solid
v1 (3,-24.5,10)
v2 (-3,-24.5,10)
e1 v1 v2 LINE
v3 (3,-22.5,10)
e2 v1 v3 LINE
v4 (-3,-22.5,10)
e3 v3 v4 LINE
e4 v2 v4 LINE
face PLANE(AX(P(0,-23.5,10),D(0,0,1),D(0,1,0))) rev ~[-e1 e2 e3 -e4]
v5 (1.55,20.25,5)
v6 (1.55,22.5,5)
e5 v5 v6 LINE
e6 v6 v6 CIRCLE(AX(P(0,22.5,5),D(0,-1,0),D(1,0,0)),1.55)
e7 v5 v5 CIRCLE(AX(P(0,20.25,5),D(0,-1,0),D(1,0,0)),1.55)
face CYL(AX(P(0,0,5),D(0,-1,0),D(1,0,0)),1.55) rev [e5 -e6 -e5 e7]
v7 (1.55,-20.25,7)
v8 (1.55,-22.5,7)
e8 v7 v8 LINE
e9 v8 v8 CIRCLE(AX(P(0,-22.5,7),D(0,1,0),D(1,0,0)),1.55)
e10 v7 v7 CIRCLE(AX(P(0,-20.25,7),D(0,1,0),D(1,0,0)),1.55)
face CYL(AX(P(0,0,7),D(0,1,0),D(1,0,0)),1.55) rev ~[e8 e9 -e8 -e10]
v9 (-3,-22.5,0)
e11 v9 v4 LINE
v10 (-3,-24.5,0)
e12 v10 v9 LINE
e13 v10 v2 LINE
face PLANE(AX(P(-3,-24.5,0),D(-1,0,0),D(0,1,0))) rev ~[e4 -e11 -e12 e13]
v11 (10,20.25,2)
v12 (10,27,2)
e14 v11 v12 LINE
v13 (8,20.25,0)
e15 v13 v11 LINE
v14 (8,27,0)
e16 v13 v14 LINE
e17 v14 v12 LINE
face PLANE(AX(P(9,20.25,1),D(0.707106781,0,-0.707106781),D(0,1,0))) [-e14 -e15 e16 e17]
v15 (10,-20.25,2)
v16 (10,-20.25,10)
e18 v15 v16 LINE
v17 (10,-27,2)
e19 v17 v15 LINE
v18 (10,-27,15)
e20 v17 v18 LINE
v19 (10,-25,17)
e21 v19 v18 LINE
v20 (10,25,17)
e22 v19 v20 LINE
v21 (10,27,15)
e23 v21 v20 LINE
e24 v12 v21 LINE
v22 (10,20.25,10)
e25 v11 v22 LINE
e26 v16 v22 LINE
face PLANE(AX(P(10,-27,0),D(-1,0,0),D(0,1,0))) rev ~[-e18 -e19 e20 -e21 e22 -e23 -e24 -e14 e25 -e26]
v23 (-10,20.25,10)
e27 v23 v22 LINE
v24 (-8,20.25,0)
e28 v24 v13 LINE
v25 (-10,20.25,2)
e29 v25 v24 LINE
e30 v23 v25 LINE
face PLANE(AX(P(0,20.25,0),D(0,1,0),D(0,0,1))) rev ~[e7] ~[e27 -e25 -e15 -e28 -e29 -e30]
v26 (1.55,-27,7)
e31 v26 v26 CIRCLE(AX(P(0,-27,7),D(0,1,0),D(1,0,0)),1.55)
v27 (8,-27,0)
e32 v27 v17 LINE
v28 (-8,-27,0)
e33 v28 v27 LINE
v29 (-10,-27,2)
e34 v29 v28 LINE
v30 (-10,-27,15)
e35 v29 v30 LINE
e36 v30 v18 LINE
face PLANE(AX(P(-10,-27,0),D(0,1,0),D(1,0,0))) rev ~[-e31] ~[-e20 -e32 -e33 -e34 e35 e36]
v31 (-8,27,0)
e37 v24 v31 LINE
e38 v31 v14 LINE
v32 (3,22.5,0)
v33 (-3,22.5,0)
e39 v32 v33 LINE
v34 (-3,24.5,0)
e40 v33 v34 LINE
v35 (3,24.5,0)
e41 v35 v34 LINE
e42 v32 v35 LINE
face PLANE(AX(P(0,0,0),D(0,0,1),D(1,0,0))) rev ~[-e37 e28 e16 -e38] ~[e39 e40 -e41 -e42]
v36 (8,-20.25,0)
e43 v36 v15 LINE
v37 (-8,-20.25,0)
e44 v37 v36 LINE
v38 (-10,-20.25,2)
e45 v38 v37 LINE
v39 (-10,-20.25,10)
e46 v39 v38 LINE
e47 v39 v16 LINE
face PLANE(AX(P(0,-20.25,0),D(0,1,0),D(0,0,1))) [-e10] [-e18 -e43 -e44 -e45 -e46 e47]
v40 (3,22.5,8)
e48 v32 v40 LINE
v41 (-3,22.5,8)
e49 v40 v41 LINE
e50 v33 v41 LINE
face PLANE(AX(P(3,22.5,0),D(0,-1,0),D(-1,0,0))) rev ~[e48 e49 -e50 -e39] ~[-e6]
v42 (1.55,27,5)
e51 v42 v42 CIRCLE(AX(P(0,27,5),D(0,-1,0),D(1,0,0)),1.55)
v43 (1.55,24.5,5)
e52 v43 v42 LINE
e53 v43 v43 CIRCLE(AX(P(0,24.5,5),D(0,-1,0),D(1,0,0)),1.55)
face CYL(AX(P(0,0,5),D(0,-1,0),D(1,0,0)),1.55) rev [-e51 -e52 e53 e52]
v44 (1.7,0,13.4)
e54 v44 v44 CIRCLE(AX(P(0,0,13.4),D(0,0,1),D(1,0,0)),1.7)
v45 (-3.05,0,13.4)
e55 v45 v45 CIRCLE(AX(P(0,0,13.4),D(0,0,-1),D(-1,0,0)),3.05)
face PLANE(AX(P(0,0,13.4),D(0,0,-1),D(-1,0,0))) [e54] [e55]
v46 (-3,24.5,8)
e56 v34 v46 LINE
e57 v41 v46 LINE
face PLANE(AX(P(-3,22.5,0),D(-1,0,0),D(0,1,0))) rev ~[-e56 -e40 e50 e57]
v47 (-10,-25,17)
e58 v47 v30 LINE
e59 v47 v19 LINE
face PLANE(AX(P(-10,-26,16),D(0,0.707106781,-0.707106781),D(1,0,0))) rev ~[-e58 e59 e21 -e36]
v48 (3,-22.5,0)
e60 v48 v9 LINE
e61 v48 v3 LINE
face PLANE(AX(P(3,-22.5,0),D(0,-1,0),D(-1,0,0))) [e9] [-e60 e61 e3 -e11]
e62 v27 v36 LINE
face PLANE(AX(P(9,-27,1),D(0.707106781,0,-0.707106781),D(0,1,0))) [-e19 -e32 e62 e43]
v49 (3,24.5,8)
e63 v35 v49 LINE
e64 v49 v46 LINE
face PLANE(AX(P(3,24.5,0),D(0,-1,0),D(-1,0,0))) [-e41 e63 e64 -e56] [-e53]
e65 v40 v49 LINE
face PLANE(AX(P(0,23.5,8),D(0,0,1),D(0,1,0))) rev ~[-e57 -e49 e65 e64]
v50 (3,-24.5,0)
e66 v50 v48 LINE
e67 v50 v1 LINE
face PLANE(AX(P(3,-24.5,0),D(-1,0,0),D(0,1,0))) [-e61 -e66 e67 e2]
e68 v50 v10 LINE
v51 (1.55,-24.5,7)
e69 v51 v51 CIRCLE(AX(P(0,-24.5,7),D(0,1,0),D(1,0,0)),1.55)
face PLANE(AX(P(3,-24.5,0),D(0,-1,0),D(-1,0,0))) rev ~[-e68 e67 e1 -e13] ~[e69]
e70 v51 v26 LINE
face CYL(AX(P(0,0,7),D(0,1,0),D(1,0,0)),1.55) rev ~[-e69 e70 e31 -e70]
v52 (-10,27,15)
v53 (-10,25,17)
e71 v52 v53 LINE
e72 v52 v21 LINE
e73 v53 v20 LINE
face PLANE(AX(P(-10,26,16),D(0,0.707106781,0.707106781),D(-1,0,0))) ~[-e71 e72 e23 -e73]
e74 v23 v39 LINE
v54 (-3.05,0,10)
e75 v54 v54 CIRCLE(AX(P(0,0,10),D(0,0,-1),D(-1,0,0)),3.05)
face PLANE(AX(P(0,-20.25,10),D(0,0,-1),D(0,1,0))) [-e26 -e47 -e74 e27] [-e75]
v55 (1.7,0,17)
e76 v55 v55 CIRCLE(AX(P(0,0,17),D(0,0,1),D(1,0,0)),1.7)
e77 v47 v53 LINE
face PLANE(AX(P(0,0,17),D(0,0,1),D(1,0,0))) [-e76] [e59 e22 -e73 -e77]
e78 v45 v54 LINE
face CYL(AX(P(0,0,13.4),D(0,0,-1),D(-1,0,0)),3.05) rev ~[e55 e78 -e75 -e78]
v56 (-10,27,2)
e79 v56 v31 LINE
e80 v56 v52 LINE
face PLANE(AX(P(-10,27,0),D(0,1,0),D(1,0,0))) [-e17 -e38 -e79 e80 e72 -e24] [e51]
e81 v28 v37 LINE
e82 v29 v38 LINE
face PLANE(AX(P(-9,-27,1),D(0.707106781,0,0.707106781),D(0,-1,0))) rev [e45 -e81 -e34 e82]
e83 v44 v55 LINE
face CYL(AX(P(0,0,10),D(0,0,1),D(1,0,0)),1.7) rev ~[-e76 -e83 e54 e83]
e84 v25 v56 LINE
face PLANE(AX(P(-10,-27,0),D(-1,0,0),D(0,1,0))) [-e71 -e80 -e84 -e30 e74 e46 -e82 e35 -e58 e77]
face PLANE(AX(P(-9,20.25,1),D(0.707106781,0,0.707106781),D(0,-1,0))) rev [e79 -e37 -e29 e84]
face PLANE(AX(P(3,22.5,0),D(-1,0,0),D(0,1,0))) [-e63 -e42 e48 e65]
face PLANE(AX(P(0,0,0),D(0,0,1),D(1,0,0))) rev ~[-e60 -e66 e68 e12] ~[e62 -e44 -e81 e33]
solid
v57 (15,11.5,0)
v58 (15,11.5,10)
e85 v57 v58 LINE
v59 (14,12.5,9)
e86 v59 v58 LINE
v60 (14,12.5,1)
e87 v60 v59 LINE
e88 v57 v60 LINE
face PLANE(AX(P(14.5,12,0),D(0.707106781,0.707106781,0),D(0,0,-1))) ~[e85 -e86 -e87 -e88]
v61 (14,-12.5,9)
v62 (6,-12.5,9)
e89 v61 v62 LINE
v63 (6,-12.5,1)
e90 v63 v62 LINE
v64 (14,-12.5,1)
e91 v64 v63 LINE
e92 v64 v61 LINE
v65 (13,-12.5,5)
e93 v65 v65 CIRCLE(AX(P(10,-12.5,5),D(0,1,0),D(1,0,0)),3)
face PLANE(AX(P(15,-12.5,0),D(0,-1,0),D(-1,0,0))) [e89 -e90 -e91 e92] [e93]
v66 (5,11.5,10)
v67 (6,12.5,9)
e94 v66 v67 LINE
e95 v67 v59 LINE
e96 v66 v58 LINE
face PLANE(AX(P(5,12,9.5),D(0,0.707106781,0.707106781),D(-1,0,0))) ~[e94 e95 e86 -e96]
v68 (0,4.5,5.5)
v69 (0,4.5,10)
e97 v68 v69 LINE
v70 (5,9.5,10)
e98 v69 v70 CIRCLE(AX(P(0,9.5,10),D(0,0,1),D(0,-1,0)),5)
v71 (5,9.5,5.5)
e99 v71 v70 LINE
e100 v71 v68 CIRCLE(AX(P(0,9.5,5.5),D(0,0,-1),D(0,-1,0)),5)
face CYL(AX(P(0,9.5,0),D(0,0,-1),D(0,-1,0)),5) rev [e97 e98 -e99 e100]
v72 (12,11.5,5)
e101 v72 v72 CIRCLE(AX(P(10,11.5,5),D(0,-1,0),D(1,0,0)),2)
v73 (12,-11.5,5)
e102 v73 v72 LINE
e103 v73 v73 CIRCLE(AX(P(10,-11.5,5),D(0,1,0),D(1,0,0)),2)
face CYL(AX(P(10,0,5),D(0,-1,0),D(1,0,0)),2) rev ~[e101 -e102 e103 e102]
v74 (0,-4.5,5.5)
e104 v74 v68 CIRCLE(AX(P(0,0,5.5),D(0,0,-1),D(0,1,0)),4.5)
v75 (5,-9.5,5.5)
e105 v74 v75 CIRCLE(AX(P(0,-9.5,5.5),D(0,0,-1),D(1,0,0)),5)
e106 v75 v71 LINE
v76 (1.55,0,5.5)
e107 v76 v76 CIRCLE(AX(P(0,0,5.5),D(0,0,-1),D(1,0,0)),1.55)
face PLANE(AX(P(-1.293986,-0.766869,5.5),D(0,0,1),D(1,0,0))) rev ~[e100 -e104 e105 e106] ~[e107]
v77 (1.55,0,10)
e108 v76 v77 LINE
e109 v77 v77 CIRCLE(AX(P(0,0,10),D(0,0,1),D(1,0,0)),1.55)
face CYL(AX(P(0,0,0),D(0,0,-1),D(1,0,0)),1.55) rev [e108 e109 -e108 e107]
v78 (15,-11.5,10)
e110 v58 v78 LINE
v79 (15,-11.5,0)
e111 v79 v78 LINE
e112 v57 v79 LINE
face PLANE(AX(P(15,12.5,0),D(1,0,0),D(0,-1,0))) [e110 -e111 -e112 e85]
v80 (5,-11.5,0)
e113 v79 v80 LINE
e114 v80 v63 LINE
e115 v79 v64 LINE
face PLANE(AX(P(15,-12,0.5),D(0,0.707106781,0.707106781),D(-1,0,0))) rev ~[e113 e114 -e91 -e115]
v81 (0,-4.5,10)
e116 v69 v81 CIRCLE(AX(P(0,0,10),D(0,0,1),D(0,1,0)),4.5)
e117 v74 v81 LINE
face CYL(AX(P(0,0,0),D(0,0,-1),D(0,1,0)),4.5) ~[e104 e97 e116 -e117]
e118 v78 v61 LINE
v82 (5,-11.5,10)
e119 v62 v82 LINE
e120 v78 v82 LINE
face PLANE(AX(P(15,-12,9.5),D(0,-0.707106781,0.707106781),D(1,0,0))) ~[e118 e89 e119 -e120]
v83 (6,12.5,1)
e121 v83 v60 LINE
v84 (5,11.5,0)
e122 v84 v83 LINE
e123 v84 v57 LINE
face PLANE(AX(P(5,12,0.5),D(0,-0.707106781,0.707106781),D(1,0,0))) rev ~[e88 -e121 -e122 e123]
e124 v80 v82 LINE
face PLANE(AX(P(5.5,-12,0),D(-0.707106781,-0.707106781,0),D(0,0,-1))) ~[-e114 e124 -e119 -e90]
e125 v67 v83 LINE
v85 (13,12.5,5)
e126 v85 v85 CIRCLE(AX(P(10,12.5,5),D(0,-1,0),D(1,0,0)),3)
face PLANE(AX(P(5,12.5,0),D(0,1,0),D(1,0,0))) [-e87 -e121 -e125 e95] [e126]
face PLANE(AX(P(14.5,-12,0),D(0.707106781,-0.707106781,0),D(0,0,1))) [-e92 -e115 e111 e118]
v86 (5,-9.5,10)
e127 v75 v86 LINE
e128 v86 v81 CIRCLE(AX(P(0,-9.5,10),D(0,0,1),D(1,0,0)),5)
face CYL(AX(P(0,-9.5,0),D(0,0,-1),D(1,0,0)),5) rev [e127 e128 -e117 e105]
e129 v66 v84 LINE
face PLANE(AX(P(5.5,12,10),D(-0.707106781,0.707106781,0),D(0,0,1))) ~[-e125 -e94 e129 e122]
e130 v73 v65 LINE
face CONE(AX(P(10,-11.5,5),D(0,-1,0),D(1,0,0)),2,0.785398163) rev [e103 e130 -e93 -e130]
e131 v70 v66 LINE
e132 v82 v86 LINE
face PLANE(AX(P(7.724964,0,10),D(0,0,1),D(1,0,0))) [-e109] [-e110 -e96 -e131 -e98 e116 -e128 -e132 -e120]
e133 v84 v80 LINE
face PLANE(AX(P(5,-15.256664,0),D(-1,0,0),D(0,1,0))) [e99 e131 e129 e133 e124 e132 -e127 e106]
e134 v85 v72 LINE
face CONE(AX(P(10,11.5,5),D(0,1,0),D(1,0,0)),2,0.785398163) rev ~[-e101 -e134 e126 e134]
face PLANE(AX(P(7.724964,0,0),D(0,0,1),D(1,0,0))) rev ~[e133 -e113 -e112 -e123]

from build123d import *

# Parameters (mm, degrees)
SKETCH_W             = 20
SKETCH_H             = 54
PAD_DEPTH            = 17
SKETCH001_W          = 40.5
SKETCH001_H          = 10
POCKET_DEPTH         = 10.001
POCKET_DEPTH_BACK    = 10.001
HOLE_D               = 3.4
HOLE_CBORE_D         = 6.1
HOLE_CBORE_DEPTH     = 3.4
BINDER_W             = 2
BINDER_H             = 6
POCKET005_DEPTH      = 10
BINDER001_W          = 2
BINDER001_H          = 6
POCKET006_DEPTH      = 8
BINDER002_R          = 1.55
POCKET007_DEPTH      = 27.001
BINDER003_R          = 1.55
POCKET008_DEPTH      = 27.001
CHAMFER001_SIZE      = 2
SKETCH005_R          = 1.55
PAD001_DEPTH         = 10
SKETCH006_W          = 12.587973
SKETCH006_H          = 28.979589
POCKET003_DEPTH      = 5.5
SKETCH007_R          = 2
POCKET004_DEPTH      = 12.501
POCKET004_DEPTH_BACK = 12.501
CHAMFER_SIZE         = 1


with BuildPart() as mount:
    # Sketch → Pad (new body)
    with BuildSketch(Plane.XY):
        Rectangle(SKETCH_W, SKETCH_H)
    extrude(amount=PAD_DEPTH)

    # Sketch001 → Pocket (cut, two sides)
    with BuildSketch(Plane.YZ) as pocket_sk:
        with Locations((0, 5)):
            Rectangle(SKETCH001_W, SKETCH001_H)
    extrude(amount=-POCKET_DEPTH, mode=Mode.SUBTRACT)
    extrude(pocket_sk.sketch, amount=POCKET_DEPTH_BACK, mode=Mode.SUBTRACT)

    # Hole (through all)
    with Locations(Plane(origin=(0, 0, 10), x_dir=(-1, 0, 0), z_dir=(0, 0, -1))):
        with Locations((0, 0)):
            CounterBoreHole(HOLE_D / 2, HOLE_CBORE_D / 2, HOLE_CBORE_DEPTH)

    # Binder → Pocket005 (cut)
    with BuildSketch(Plane(origin=(0, -23.5, 0), x_dir=(0, 1, 0), z_dir=(0, 0, 1))):
        Rectangle(BINDER_W, BINDER_H)
    extrude(amount=POCKET005_DEPTH, mode=Mode.SUBTRACT)

    # Binder001 → Pocket006 (cut)
    with BuildSketch(Plane(origin=(0, 23.5, 0), x_dir=(0, 1, 0), z_dir=(0, 0, 1))):
        Rectangle(BINDER001_W, BINDER001_H)
    extrude(amount=POCKET006_DEPTH, mode=Mode.SUBTRACT)

    # Binder002 → Pocket007 (cut, through all)
    with BuildSketch(Plane(origin=(0, 0, 5), x_dir=(1, 0, 0), z_dir=(0, 1, 0))):
        Circle(BINDER002_R)
    extrude(amount=POCKET007_DEPTH, mode=Mode.SUBTRACT)

    # Binder003 → Pocket008 (cut, through all)
    with BuildSketch(Plane(origin=(0, 0, 7), x_dir=(1, 0, 0), z_dir=(0, 1, 0))):
        Circle(BINDER003_R)
    extrude(amount=-POCKET008_DEPTH, mode=Mode.SUBTRACT)

    # Chamfer001
    chamfer001_edges = [mount.edges().sort_by_distance(p)[0] for p in [
        (-10, 23.625, 0),
        (10, 23.625, 0),
        (-10, -23.625, 0),
        (10, -23.625, 0),
        (0, 27, 17),
        (0, -27, 17),
    ]]
    chamfer(chamfer001_edges, length=CHAMFER001_SIZE)


with BuildPart() as filament_guide:
    # Sketch005 → Pad001 (new body)
    with BuildSketch(Plane.XY):
        with BuildLine():
            ThreePointArc((0, 4.5), (-4.5, 0), (0, -4.5))
            ThreePointArc((5, -9.5), (3.5355339059, -5.9644660941), (0, -4.5))
            Line((5, -12.5), (5, -9.5))
            Line((15, -12.5), (5, -12.5))
            Line((15, 12.5), (15, -12.5))
            Line((5, 12.5), (15, 12.5))
            Line((5, 9.5), (5, 12.5))
            ThreePointArc((0, 4.5), (3.5355339059, 5.9644660941), (5, 9.5))
        make_face()
        Circle(SKETCH005_R, mode=Mode.SUBTRACT)
    extrude(amount=PAD001_DEPTH)

    # Sketch006 → Pocket003 (cut)
    with BuildSketch(Plane.XY):
        with Locations((-1.2939865, -0.7668695)):
            Rectangle(SKETCH006_W, SKETCH006_H)
    extrude(amount=POCKET003_DEPTH, mode=Mode.SUBTRACT)

    # Sketch007 → Pocket004 (cut, two sides)
    with BuildSketch(Plane.XZ) as pocket004_sk:
        with Locations((10, 5)):
            Circle(SKETCH007_R)
    extrude(amount=-POCKET004_DEPTH, mode=Mode.SUBTRACT)
    extrude(pocket004_sk.sketch, amount=POCKET004_DEPTH_BACK, mode=Mode.SUBTRACT)

    # Chamfer
    chamfer_edges = [filament_guide.edges().sort_by_distance(p)[0] for p in [
        (5, 12.5, 5),
        (10, 12.5, 0),
        (10, 12.5, 10),
        (15, 12.5, 5),
        (8, 12.5, 5),
        (15, -12.5, 5),
        (10, -12.5, 0),
        (10, -12.5, 10),
        (5, -12.5, 5),
        (8, -12.5, 5),
    ]]
    chamfer(chamfer_edges, length=CHAMFER_SIZE)


solid = Compound([mount.part, filament_guide.part])
